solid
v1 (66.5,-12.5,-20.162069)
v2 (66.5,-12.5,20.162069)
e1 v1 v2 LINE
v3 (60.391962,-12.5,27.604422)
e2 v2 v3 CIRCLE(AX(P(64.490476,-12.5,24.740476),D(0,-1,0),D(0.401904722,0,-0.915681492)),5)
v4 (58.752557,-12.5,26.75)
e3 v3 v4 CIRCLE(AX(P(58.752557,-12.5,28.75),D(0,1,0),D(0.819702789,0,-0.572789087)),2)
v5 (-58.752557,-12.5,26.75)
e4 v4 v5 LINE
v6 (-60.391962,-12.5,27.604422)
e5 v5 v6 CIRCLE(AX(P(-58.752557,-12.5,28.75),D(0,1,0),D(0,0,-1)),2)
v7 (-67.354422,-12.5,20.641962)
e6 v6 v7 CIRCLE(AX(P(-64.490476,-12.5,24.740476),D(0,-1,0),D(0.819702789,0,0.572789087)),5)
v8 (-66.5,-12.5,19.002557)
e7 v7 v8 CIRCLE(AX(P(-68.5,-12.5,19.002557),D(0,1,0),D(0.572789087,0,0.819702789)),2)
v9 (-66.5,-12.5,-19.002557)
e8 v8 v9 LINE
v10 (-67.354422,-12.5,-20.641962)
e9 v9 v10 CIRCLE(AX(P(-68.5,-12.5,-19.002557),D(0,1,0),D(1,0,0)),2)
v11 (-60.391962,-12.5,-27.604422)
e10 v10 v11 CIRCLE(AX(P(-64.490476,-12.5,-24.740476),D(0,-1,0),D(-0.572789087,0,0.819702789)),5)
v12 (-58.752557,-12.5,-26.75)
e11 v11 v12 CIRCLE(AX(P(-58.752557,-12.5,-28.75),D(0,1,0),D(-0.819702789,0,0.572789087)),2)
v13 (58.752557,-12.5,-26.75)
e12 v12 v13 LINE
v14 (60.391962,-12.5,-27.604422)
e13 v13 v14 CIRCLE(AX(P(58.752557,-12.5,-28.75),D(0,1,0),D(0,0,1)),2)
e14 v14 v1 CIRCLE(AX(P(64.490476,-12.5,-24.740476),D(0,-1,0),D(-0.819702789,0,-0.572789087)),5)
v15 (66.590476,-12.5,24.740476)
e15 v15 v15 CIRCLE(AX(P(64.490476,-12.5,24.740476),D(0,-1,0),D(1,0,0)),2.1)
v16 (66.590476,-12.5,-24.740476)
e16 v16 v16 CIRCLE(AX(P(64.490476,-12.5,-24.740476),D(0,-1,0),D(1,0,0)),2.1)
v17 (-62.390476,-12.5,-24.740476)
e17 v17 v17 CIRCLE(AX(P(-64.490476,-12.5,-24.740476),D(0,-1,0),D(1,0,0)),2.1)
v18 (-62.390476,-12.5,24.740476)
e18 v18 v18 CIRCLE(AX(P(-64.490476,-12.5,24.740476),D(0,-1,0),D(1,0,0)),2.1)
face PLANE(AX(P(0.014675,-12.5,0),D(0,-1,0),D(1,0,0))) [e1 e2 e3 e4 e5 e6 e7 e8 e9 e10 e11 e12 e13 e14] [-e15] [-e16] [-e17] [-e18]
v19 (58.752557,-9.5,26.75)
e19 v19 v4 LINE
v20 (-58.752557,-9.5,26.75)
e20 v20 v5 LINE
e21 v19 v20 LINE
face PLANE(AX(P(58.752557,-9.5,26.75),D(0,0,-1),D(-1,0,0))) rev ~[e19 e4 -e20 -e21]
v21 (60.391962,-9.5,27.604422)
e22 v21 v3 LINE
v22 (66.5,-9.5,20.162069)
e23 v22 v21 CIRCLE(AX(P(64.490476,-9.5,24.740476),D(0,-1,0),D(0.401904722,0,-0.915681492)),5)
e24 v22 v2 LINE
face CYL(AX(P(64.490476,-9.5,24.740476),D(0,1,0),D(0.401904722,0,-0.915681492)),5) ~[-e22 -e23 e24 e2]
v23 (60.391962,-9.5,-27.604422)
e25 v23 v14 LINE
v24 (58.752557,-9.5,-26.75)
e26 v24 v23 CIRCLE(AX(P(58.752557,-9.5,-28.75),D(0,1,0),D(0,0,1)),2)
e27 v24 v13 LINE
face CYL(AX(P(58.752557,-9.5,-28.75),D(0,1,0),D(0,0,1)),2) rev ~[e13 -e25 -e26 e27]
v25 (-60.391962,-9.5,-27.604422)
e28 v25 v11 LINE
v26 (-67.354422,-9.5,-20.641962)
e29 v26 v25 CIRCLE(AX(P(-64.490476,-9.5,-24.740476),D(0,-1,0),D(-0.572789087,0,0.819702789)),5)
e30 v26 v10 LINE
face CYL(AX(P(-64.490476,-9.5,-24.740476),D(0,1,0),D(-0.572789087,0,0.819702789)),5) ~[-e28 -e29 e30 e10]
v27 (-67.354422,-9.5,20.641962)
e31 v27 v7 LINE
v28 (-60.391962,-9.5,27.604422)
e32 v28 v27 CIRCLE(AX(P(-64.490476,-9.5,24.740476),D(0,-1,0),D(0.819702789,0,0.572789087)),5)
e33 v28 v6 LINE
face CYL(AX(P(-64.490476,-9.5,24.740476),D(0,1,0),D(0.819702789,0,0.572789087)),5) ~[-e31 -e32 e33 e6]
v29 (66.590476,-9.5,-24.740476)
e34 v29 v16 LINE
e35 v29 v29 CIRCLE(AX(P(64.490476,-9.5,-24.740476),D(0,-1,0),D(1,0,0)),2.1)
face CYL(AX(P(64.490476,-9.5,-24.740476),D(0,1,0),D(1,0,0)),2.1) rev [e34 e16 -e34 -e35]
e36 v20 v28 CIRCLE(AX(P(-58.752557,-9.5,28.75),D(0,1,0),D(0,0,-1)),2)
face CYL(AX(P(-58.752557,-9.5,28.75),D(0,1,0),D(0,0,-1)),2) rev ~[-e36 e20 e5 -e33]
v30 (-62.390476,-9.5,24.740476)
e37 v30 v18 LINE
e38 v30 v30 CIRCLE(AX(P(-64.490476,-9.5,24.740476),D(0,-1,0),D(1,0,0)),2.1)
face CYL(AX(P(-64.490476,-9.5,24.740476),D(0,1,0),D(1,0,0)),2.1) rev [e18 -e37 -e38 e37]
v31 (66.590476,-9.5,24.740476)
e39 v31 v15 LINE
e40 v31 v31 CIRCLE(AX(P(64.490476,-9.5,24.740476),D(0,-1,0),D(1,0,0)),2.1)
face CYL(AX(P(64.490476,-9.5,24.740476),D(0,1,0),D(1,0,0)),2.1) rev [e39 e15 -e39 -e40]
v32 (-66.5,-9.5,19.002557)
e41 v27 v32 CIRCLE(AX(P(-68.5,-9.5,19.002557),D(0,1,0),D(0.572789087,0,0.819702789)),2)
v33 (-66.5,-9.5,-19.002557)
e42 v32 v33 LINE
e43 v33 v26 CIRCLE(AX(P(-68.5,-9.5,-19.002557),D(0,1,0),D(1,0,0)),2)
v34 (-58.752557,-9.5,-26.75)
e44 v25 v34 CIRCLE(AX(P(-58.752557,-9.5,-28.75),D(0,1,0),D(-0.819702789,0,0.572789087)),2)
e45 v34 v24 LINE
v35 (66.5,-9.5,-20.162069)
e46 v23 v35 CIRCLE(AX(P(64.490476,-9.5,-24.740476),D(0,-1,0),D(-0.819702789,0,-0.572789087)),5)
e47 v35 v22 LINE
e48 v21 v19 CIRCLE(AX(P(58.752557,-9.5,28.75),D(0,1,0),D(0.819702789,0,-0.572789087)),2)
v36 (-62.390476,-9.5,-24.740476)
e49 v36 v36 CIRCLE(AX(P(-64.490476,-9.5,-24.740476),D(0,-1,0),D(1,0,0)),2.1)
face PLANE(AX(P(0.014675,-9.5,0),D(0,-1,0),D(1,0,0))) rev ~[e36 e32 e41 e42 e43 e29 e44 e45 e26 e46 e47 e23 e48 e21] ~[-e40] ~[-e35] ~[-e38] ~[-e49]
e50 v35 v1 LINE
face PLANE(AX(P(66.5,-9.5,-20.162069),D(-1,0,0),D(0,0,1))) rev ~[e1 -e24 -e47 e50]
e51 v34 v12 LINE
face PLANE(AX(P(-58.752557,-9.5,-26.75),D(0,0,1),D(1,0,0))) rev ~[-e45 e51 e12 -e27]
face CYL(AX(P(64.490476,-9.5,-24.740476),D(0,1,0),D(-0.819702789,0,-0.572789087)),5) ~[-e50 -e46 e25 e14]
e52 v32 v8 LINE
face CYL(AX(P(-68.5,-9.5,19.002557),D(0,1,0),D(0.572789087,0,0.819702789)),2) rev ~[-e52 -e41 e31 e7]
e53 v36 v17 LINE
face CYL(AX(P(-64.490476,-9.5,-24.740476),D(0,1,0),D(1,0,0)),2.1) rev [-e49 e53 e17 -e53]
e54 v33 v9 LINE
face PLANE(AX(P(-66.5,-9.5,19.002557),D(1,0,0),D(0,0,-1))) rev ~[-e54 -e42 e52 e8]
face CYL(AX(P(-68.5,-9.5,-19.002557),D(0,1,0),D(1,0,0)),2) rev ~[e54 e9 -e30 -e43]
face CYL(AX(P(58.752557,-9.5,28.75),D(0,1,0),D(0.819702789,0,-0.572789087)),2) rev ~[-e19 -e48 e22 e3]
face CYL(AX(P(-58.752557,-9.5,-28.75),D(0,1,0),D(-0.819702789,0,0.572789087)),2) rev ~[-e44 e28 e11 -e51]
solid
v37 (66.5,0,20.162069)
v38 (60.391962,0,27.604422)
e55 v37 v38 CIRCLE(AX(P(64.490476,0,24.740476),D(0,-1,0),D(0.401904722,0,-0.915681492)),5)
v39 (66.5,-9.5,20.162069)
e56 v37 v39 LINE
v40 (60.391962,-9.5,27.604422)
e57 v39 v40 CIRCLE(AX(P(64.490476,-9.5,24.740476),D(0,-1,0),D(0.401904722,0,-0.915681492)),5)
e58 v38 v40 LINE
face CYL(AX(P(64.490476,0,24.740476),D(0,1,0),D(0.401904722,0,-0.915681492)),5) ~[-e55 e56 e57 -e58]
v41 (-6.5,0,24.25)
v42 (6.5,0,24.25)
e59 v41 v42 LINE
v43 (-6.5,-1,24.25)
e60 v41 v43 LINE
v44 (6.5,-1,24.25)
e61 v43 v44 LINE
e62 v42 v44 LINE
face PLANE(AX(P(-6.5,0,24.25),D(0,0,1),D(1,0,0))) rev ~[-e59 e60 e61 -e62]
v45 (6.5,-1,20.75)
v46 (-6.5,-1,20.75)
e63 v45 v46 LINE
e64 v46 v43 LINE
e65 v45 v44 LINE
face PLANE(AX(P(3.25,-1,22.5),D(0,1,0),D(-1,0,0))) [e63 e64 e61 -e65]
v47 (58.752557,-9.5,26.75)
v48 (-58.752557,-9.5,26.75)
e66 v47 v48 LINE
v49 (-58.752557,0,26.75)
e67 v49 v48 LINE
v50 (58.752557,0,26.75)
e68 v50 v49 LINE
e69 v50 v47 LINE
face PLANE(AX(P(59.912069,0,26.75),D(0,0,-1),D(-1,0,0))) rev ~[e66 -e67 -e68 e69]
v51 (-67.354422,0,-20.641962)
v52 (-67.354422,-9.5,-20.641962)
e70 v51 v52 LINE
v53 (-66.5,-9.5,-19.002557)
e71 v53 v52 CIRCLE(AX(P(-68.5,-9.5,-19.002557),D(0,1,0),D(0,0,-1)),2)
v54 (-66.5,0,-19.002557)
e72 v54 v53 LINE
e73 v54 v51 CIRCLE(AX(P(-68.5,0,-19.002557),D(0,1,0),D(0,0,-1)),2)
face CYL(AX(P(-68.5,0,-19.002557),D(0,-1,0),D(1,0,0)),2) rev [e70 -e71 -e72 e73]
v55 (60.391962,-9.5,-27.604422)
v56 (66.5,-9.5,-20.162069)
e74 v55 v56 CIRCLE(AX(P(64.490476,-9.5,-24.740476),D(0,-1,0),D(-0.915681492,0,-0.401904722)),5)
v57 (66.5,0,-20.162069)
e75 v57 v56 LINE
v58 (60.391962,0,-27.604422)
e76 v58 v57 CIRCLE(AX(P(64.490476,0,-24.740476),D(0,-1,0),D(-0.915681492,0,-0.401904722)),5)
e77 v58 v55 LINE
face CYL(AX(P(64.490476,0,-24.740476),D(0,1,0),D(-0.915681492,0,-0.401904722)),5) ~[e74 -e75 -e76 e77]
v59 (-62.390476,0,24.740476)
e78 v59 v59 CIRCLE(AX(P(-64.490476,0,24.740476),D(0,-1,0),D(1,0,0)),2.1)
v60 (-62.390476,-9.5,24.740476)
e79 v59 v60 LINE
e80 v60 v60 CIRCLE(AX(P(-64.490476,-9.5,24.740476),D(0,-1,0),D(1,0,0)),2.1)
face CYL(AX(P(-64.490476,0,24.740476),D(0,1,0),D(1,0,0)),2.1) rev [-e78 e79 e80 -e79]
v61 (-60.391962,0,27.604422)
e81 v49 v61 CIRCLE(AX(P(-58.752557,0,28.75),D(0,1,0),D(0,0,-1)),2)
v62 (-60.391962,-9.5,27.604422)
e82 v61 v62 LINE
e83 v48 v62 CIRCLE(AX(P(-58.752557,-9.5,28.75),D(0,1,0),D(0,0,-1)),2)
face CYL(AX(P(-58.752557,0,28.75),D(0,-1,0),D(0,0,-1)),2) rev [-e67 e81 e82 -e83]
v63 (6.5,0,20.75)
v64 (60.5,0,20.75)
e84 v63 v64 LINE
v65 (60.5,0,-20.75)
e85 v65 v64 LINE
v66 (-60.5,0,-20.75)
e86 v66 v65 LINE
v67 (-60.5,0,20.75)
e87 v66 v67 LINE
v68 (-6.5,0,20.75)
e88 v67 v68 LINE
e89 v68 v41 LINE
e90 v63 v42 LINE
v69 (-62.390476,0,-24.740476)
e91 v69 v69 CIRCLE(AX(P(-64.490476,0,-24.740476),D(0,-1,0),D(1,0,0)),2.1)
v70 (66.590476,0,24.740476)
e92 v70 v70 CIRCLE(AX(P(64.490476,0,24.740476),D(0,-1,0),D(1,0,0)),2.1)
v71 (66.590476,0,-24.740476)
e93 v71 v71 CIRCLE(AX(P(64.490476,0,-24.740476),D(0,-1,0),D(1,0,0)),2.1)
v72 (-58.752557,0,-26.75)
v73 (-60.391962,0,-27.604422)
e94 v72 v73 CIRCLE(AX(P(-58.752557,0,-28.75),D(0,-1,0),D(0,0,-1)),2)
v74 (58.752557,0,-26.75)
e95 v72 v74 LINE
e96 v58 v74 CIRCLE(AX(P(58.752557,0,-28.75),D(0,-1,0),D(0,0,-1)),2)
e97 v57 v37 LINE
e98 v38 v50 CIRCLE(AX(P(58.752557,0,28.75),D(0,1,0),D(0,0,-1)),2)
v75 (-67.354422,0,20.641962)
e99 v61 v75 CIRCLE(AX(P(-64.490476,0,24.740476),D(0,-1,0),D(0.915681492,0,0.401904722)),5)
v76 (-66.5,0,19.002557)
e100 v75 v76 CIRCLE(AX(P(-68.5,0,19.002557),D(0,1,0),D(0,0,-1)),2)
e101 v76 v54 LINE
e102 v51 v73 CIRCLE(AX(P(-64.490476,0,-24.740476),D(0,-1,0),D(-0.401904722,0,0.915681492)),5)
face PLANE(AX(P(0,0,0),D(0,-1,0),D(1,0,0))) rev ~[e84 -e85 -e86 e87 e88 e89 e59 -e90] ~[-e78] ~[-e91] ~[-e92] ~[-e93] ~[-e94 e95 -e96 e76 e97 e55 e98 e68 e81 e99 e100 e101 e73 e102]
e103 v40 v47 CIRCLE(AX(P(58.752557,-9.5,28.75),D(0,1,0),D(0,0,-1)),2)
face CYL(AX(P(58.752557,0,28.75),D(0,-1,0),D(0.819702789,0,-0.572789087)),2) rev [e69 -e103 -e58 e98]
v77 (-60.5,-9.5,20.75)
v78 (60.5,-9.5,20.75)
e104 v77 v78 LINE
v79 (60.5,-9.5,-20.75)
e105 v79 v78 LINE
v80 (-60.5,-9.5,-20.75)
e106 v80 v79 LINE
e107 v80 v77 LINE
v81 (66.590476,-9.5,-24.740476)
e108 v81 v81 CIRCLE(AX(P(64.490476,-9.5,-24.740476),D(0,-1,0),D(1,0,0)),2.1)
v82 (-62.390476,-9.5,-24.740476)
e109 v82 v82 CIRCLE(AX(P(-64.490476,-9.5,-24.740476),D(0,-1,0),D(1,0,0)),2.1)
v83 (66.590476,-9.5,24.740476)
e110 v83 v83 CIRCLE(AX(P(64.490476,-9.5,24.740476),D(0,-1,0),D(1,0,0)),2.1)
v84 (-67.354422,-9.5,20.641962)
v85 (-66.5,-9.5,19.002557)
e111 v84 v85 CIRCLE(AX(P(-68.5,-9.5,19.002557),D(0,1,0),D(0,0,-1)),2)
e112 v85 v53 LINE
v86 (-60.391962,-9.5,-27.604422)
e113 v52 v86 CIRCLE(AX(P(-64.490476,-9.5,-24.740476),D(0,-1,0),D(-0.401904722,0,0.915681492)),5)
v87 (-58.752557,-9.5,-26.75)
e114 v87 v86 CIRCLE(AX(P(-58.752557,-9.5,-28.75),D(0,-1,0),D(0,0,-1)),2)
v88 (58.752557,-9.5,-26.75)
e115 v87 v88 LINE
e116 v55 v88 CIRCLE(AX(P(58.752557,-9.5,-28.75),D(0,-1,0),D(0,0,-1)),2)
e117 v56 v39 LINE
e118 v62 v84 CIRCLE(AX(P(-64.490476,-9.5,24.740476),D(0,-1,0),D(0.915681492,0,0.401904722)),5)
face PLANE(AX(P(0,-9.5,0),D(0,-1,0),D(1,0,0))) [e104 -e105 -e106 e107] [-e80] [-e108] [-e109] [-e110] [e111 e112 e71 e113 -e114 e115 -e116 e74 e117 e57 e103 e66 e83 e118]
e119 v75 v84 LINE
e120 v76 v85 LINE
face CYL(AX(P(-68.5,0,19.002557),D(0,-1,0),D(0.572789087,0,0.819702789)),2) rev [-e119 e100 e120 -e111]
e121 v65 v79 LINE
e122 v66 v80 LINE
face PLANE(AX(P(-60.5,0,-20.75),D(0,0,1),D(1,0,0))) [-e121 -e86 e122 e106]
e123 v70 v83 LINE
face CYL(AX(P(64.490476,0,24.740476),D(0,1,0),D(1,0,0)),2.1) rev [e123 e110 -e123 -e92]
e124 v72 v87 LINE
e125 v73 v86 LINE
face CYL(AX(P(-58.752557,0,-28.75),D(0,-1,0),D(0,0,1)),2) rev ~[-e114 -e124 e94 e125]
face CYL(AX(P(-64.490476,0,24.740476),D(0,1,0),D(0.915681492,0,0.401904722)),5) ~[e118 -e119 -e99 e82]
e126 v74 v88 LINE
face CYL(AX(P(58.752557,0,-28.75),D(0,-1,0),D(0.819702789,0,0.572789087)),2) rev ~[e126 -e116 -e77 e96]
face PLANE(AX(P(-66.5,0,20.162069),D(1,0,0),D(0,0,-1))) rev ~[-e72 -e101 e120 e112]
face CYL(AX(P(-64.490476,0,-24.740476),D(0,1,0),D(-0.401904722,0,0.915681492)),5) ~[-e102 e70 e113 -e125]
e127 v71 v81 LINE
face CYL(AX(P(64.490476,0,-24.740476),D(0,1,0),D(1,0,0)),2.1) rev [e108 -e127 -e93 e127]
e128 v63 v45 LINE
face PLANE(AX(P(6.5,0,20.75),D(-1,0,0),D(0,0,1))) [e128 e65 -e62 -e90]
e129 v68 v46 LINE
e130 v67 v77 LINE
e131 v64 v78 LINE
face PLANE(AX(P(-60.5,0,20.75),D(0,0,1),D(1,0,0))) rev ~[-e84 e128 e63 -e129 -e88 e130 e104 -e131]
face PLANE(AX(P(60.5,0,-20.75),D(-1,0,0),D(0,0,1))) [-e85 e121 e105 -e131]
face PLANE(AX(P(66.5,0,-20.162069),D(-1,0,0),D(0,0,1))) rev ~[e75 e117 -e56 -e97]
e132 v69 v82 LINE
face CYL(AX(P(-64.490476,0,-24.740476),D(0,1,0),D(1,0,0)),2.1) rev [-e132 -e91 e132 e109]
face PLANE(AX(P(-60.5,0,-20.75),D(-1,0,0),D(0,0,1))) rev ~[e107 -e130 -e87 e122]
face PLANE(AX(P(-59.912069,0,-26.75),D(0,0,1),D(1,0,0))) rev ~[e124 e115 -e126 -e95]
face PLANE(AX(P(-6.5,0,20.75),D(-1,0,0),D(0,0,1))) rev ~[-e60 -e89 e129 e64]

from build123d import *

# Parameters (mm, degrees)
F0_R     = 2.1
F0_W     = 121
F0_H     = 41.5
F1_DEPTH = 9.5
F2_R     = 2
F3_W     = 6.5
F3_H     = 3.5
F4_DEPTH = 1
F6_R     = 2.1
F7_DEPTH = 3


with BuildPart() as f1:
    # F0 (on Front) → F1 (new body)
    with BuildSketch(Plane.XZ):
        with BuildLine():
            ThreePointArc((66.5, 20.1620689322), (68.0260102981, 28.2760102981), (59.9120689322, 26.75))
            Line((59.9120689322, 26.75), (-59.9120689322, 26.75))
            ThreePointArc((-59.9120689322, 26.75), (-68.0260102981, 28.2760102981), (-66.5, 20.1620689322))
            Line((-66.5, 20.1620689322), (-66.5, -20.1620689322))
            ThreePointArc((-66.5, -20.1620689322), (-68.0260102981, -28.2760102981), (-59.9120689322, -26.75))
            Line((-59.9120689322, -26.75), (59.9120689322, -26.75))
            ThreePointArc((59.9120689322, -26.75), (68.0260102981, -28.2760102981), (66.5, -20.1620689322))
            Line((66.5, -20.1620689322), (66.5, 20.1620689322))
        make_face()
        with Locations((-64.4904763922, -24.7404763922)):
            Circle(F0_R, mode=Mode.SUBTRACT)
        with Locations((64.4904763922, -24.7404763922)):
            Circle(F0_R, mode=Mode.SUBTRACT)
        Rectangle(F0_W, F0_H, mode=Mode.SUBTRACT)
        with Locations((-64.4904763922, 24.7404763922)):
            Circle(F0_R, mode=Mode.SUBTRACT)
        with Locations((64.4904763922, 24.7404763922)):
            Circle(F0_R, mode=Mode.SUBTRACT)
    extrude(amount=F1_DEPTH)

    # F2
    f2_edges = [f1.edges().sort_by_distance(p)[0] for p in [
        (-59.912069, -4.75, 26.75),
        (-66.5, -4.75, 20.162069),
        (-66.5, -4.75, -20.162069),
        (-59.912069, -4.75, -26.75),
        (59.912069, -4.75, -26.75),
        (59.912069, -4.75, 26.75),
    ]]
    fillet(f2_edges, radius=F2_R)

    # F3 (on face) → F4 (cut)
    with BuildSketch(Plane(origin=(0, 0, 0), x_dir=(-1, 0, 0), z_dir=(0, 1, 0))):
        with Locations((-3.25, 22.5)):
            Rectangle(F3_W, F3_H)
        with Locations((3.25, 22.5)):
            Rectangle(F3_W, F3_H)
    extrude(amount=-F4_DEPTH, mode=Mode.SUBTRACT)


with BuildPart() as f7:
    # F6 (on offset) → F7 (new body)
    with BuildSketch(Plane.XZ.offset(9.5)):
        with BuildLine():
            Line((66.5, -20.1620689322), (66.5, 20.1620689322))
            ThreePointArc((66.5, 20.1620689322), (68.3554633659, 27.9125223713), (60.3919624481, 27.6044218263))
            ThreePointArc((60.3919624481, 27.6044218263), (59.6769062775, 26.976422211), (58.7525568704, 26.75))
            Line((58.7525568704, 26.75), (-58.7525568704, 26.75))
            ThreePointArc((-58.7525568704, 26.75), (-59.6769062775, 26.976422211), (-60.3919624481, 27.6044218263))
            ThreePointArc((-60.3919624481, 27.6044218263), (-68.0260102981, 28.2760102981), (-67.3544218263, 20.6419624481))
            ThreePointArc((-67.3544218263, 20.6419624481), (-66.726422211, 19.9269062775), (-66.5, 19.0025568704))
            Line((-66.5, 19.0025568704), (-66.5, -19.0025568704))
            ThreePointArc((-66.5, -19.0025568704), (-66.726422211, -19.9269062775), (-67.3544218263, -20.6419624481))
            ThreePointArc((-67.3544218263, -20.6419624481), (-68.0260102981, -28.2760102981), (-60.3919624481, -27.6044218263))
            ThreePointArc((-60.3919624481, -27.6044218263), (-59.6769062775, -26.976422211), (-58.7525568704, -26.75))
            Line((-58.7525568704, -26.75), (58.7525568704, -26.75))
            ThreePointArc((58.7525568704, -26.75), (59.6769062775, -26.976422211), (60.3919624481, -27.6044218263))
            ThreePointArc((60.3919624481, -27.6044218263), (68.3554633659, -27.9125223713), (66.5, -20.1620689322))
        make_face()
        with Locations((-64.4904763922, -24.7404763922)):
            Circle(F6_R, mode=Mode.SUBTRACT)
        with Locations((64.4904763922, -24.7404763922)):
            Circle(F6_R, mode=Mode.SUBTRACT)
        with Locations((-64.4904763922, 24.7404763922)):
            Circle(F6_R, mode=Mode.SUBTRACT)
        with Locations((64.4904763922, 24.7404763922)):
            Circle(F6_R, mode=Mode.SUBTRACT)
    extrude(amount=F7_DEPTH)


solid = Compound([f1.part, f7.part])
